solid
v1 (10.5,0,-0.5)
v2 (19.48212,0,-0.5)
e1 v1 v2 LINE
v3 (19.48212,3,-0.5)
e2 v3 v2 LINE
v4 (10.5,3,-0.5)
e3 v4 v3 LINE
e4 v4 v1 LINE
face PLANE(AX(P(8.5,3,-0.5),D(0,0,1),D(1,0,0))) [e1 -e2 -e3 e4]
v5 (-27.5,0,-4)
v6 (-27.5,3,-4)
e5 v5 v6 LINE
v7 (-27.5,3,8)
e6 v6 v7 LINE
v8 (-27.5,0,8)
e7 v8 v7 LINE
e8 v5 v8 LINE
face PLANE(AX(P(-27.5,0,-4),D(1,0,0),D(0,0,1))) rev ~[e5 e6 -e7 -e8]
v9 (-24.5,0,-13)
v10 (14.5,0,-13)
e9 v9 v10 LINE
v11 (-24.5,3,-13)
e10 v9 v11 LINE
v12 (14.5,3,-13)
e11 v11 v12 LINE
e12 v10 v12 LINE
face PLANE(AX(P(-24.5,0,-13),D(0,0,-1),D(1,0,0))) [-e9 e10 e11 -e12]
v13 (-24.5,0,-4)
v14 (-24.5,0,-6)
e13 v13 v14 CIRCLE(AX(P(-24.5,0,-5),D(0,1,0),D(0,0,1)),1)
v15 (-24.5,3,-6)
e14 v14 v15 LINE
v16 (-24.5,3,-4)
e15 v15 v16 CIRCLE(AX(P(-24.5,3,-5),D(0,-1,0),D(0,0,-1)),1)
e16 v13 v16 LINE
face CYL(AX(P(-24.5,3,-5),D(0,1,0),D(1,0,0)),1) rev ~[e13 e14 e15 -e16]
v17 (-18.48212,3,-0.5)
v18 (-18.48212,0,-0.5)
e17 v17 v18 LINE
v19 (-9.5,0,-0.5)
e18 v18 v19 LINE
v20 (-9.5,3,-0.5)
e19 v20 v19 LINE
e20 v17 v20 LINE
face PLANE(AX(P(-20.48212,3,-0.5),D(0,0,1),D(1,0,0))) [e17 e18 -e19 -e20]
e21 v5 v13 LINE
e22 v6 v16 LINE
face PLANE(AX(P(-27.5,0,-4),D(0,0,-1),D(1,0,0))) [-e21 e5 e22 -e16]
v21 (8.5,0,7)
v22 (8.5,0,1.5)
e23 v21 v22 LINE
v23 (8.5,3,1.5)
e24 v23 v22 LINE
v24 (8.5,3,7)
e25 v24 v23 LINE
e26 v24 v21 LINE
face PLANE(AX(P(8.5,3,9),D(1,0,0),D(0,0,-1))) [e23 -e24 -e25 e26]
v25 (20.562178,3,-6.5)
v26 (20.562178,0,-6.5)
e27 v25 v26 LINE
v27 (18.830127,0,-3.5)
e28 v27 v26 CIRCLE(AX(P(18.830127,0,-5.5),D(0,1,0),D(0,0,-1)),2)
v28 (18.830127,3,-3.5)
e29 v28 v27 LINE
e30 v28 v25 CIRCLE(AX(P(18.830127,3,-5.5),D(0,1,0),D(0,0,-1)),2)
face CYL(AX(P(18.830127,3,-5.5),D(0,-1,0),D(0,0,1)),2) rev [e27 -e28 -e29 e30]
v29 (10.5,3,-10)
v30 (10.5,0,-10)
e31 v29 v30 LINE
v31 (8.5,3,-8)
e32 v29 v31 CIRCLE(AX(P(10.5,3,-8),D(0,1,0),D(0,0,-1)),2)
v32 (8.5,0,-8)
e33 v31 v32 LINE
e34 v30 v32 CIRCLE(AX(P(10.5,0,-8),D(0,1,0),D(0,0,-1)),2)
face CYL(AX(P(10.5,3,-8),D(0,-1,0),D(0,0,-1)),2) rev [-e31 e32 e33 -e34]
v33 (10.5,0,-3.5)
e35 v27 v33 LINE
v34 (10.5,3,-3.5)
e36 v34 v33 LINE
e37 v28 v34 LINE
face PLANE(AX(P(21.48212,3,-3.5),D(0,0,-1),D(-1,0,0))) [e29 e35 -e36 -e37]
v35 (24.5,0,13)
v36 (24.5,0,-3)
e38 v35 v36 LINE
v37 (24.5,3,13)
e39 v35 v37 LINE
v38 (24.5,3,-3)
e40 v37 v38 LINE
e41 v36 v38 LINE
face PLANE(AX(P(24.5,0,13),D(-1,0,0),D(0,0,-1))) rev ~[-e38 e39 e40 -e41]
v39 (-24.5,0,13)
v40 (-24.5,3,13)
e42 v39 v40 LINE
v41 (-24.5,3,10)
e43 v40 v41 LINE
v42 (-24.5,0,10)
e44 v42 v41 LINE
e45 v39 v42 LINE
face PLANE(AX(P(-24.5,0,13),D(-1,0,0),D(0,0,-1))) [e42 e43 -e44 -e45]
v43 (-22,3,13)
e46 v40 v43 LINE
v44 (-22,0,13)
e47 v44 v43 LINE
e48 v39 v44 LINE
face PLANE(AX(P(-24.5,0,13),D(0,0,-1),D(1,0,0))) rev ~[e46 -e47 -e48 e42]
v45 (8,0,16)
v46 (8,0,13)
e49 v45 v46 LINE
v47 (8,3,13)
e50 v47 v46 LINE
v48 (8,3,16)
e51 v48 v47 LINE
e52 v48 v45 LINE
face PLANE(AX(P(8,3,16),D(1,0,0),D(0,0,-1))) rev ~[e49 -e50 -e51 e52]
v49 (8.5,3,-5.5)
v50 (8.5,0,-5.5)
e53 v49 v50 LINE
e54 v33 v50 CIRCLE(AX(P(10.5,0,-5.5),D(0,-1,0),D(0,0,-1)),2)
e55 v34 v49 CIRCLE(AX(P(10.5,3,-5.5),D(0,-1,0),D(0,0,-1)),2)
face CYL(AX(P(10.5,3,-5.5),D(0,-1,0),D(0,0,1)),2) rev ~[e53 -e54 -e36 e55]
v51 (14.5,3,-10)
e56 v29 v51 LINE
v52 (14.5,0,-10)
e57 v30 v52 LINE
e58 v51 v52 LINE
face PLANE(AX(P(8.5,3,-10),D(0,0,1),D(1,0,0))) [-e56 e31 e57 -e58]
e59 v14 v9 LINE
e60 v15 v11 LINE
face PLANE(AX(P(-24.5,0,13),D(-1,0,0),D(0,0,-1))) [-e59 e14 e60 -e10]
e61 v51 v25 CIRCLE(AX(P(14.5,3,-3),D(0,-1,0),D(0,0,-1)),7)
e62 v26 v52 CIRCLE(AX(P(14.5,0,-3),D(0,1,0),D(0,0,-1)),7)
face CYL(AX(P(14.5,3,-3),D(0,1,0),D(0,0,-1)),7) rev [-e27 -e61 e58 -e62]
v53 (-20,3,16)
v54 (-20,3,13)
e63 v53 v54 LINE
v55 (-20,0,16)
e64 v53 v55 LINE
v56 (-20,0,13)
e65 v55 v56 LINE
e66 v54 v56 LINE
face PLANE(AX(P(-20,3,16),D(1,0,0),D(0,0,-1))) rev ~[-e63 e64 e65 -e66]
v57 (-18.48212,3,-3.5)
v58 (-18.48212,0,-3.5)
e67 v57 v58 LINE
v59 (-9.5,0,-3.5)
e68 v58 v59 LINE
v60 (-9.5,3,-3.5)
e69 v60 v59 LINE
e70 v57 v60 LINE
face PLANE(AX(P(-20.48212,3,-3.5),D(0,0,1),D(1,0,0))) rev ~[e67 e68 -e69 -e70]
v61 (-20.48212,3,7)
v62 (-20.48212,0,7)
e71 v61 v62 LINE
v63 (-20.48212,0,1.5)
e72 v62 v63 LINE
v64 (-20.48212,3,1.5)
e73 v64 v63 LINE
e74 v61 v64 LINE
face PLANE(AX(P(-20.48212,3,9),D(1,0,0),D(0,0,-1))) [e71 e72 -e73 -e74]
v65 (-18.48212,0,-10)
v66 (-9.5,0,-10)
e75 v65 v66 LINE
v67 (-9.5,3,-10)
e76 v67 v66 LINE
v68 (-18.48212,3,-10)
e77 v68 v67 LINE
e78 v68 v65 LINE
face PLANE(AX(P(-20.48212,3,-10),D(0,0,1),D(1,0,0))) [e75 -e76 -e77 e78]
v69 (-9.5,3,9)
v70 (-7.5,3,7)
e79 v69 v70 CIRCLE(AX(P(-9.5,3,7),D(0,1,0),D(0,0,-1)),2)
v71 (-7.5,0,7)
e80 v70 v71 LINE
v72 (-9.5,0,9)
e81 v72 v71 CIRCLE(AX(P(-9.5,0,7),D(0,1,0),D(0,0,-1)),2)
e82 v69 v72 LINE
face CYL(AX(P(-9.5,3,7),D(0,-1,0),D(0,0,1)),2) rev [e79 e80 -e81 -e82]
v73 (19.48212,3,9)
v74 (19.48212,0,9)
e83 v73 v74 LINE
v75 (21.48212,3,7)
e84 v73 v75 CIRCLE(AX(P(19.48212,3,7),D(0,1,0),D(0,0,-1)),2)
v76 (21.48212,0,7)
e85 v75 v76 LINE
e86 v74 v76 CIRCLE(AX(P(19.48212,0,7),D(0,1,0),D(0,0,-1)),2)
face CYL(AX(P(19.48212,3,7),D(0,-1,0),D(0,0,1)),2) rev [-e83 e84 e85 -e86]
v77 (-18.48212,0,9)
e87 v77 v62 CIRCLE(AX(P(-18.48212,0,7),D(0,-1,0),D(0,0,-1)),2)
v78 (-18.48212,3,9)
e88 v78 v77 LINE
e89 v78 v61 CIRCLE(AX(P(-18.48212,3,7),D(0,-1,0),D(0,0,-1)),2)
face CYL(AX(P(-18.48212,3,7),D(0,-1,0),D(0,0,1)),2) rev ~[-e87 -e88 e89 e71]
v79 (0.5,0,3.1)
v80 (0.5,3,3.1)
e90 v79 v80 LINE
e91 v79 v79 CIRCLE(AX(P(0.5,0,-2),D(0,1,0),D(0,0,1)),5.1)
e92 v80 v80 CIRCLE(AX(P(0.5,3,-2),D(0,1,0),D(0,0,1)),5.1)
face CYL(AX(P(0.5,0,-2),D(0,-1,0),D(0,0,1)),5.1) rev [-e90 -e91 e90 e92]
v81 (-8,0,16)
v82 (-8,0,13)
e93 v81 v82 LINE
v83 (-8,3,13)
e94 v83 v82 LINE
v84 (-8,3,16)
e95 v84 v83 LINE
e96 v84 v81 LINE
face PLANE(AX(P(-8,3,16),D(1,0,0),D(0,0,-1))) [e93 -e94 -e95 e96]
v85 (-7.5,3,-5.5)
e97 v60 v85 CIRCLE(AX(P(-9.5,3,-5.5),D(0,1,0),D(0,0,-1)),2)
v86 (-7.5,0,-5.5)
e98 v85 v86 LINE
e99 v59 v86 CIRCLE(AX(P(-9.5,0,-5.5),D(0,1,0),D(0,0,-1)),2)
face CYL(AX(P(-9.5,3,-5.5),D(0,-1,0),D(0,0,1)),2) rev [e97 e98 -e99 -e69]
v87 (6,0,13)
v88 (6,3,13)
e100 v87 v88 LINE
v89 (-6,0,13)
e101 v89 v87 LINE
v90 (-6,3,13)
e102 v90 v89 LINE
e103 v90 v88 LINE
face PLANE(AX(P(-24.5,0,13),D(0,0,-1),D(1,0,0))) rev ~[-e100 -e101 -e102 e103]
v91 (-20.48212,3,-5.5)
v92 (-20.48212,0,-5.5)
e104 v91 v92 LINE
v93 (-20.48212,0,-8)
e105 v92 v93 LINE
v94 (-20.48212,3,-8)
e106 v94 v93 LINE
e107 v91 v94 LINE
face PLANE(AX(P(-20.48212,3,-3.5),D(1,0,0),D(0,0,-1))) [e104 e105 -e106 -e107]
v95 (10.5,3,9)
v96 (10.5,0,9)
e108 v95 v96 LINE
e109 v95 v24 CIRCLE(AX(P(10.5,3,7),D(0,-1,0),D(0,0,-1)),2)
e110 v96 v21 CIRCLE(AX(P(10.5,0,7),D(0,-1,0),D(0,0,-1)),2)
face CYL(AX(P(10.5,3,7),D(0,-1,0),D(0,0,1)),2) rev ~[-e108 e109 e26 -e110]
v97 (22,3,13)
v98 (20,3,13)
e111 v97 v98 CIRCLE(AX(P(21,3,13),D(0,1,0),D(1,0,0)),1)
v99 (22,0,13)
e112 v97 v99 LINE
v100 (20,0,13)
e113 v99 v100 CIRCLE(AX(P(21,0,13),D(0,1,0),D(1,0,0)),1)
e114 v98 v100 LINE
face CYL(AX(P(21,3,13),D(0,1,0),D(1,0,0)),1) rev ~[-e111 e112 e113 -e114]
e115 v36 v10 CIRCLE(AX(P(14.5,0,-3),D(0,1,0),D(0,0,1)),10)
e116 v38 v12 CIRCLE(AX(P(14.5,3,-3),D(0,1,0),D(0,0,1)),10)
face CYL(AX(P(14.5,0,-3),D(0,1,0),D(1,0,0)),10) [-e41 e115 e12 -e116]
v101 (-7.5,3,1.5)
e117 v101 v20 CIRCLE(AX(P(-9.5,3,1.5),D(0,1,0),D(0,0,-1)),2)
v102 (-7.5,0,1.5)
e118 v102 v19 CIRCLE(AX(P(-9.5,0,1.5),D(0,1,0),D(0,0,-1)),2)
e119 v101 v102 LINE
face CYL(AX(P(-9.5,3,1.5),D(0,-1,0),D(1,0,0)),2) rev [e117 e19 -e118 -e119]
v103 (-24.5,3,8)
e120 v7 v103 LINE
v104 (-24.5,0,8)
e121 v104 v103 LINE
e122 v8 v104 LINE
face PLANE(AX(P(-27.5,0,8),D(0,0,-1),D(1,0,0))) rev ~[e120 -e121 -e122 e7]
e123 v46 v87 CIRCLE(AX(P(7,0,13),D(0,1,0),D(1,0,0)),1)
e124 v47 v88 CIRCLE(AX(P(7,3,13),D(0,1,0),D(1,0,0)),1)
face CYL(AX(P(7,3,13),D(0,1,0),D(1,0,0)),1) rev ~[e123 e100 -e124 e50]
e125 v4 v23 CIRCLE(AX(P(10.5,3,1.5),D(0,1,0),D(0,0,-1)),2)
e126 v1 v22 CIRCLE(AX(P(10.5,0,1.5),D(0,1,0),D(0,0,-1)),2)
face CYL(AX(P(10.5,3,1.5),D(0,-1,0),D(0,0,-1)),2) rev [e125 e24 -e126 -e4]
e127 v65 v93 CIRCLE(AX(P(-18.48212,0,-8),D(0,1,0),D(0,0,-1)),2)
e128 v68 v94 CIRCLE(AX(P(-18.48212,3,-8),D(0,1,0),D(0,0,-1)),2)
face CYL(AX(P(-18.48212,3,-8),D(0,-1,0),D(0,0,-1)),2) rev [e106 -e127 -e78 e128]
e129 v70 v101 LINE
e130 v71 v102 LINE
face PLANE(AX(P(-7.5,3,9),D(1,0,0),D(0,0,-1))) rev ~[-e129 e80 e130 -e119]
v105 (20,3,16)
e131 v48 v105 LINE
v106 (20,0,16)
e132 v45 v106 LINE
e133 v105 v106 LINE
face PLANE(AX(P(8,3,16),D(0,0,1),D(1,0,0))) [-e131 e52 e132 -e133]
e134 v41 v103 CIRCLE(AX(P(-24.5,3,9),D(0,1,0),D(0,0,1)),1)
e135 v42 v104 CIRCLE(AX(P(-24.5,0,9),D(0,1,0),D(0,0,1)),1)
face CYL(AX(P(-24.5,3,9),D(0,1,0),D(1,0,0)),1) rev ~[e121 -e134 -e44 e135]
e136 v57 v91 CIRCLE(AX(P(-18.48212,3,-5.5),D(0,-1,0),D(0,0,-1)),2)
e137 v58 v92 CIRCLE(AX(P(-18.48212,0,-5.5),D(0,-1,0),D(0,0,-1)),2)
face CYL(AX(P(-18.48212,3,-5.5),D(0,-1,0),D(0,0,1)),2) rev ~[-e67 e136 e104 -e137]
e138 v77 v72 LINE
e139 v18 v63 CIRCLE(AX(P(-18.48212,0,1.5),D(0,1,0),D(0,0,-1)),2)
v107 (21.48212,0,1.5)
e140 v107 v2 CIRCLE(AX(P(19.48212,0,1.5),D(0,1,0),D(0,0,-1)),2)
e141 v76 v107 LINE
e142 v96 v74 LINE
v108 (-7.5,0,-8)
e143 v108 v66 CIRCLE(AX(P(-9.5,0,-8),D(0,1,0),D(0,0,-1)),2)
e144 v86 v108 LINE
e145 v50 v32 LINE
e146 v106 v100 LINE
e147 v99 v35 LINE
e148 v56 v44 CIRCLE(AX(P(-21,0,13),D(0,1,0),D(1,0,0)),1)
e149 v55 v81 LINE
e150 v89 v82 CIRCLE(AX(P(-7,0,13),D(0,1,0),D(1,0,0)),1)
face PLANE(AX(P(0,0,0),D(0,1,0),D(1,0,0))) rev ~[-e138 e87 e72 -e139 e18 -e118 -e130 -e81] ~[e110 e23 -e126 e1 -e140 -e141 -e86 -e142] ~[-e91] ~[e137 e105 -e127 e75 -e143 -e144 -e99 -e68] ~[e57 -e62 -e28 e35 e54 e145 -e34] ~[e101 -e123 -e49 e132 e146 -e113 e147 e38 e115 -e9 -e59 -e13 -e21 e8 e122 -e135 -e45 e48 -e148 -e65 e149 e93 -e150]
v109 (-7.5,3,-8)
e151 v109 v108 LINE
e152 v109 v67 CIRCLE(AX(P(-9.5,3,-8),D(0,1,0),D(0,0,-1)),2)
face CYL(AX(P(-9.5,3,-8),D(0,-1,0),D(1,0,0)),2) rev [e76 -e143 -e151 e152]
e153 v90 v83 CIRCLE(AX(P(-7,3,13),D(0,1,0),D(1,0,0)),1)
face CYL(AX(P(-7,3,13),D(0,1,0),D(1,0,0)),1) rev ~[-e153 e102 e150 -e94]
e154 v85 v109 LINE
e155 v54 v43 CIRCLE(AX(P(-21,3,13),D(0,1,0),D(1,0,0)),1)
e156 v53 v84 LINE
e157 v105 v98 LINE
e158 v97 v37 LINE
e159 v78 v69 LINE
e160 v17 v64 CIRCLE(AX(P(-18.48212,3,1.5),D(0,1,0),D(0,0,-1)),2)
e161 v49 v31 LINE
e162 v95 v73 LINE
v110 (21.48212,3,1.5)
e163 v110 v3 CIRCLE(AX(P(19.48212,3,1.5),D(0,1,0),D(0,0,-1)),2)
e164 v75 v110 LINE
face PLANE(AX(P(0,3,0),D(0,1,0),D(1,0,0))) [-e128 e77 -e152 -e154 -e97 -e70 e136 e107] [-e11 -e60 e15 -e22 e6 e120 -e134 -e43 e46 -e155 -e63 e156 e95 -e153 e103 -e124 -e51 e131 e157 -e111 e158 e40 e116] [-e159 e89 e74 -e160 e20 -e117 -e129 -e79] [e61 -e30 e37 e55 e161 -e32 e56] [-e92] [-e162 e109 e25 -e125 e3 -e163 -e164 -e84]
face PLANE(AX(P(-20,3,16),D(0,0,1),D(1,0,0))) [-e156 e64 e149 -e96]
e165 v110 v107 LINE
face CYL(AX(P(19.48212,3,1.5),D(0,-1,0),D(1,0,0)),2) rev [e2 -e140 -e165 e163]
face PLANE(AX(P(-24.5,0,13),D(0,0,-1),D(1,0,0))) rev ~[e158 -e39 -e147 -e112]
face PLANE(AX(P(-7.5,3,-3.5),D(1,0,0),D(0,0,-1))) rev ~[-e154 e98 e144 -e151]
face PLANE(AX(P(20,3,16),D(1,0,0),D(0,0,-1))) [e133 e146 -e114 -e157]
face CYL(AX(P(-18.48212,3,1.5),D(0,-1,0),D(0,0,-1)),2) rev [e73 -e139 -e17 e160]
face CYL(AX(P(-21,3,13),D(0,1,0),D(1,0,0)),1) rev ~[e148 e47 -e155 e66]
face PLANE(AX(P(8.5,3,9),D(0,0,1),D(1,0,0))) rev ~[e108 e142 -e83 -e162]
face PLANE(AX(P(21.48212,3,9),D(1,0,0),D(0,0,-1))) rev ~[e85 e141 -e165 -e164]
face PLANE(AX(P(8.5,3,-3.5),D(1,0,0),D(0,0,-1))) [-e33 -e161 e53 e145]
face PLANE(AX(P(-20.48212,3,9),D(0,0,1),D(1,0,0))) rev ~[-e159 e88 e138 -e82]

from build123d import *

# Parameters (mm, degrees)
SKETCH_1_W          = 49
SKETCH_1_H          = 26
SKETCH_1_R          = 5.1
EXTRUDE_1_DEPTH     = 3
SKETCH_5_W          = 3
SKETCH_5_H          = 12
EXTRUDE_2_DEPTH     = 3
SKETCH_2_W          = 12
SKETCH_2_H          = 3
EXTRUDE_3_DEPTH     = 3
SKETCH_8_R          = 1
CUT_EXTRUDE_5_DEPTH = 32.957002363
FILLET_1_R          = 10
SKETCH_6_W          = 12.982120022
SKETCH_6_H          = 9.5
SKETCH_6_H_2        = 6.5
CUT_EXTRUDE_3_DEPTH = 32.957002363
FILLET_2_R          = 2


with BuildPart() as part:
    # 草图1 → 凸台-拉伸1 (new body)
    with BuildSketch(Plane(origin=(0, 0, 0), x_dir=(1, 0, 0), z_dir=(0, 1, 0))):
        Rectangle(SKETCH_1_W, SKETCH_1_H)
        with Locations(Location((0.5, 2, 0), (0, 0, 270))):
            Circle(SKETCH_1_R, mode=Mode.SUBTRACT)
    extrude(amount=EXTRUDE_1_DEPTH)

    # 草图5 → 凸台-拉伸2 (add)
    with BuildSketch(Plane.XZ):
        with Locations((-26, 2)):
            Rectangle(SKETCH_5_W, SKETCH_5_H)
    extrude(amount=-EXTRUDE_2_DEPTH)

    # 草图2 → 凸台-拉伸3 (add)
    with BuildSketch(Plane(origin=(0, 3, 0), x_dir=(1, 0, 0), z_dir=(0, 1, 0))):
        with Locations((-14, -14.5)):
            Rectangle(SKETCH_2_W, SKETCH_2_H)
        with Locations((14, -14.5)):
            Rectangle(SKETCH_2_W, SKETCH_2_H)
    extrude(amount=-EXTRUDE_3_DEPTH)

    # 草图8 → 切除-拉伸5 (cut, through all)
    with BuildSketch(Plane(origin=(0, 3, 0), x_dir=(1, 0, 0), z_dir=(0, 1, 0))):
        with Locations((21, -13)):
            Circle(SKETCH_8_R)
        with Locations((7, -13)):
            Circle(SKETCH_8_R)
        with Locations((-7, -13)):
            Circle(SKETCH_8_R)
        with Locations((-21, -13)):
            Circle(SKETCH_8_R)
        with Locations((-24.5, -9)):
            Circle(SKETCH_8_R)
        with Locations((-24.5, 5)):
            Circle(SKETCH_8_R)
    extrude(amount=-CUT_EXTRUDE_5_DEPTH, mode=Mode.SUBTRACT)

    # 圆角1
    fillet_1_edges = [part.edges().sort_by_distance(p)[0] for p in [
        (24.5, 1.5, -13),
    ]]
    fillet(fillet_1_edges, radius=FILLET_1_R)

    # 草图6 → 切除-拉伸3 (cut, through all)
    with BuildSketch(Plane(origin=(0, 3, 0), x_dir=(1, 0, 0), z_dir=(0, 1, 0))):
        with Locations((-13.991060011, -4.25)):
            Rectangle(SKETCH_6_W, SKETCH_6_H)
        with Locations((-13.991060011, 6.75)):
            Rectangle(SKETCH_6_W, SKETCH_6_H_2)
        with Locations((14.991060011, -4.25)):
            Rectangle(SKETCH_6_W, SKETCH_6_H)
        with BuildLine():
            Line((8.5, 3.5), (8.5, 10))
            Line((8.5, 10), (14.5, 10))
            ThreePointArc((14.5, 10), (19.269696007, 8.123475383), (21.482120022, 3.5))
            Line((21.482120022, 3.5), (8.5, 3.5))
        make_face()
    extrude(amount=-CUT_EXTRUDE_3_DEPTH, mode=Mode.SUBTRACT)

    # 圆角2
    fillet_2_edges = [part.edges().sort_by_distance(p)[0] for p in [
        (-20.482120022, 1.5, -3.5),
        (-20.482120022, 1.5, -10),
        (-7.5, 1.5, -10),
        (-7.5, 1.5, -3.5),
        (21.482120022, 1.5, -0.5),
        (21.482120022, 1.5, 9),
        (8.5, 1.5, 9),
        (8.5, 1.5, -0.5),
        (8.5, 1.5, -10),
        (21.482120022, 1.5, -3.5),
        (8.5, 1.5, -3.5),
        (-20.482120022, 1.5, 9),
        (-20.482120022, 1.5, -0.5),
        (-7.5, 1.5, -0.5),
        (-7.5, 1.5, 9),
    ]]
    fillet(fillet_2_edges, radius=FILLET_2_R)


solid = part.part
